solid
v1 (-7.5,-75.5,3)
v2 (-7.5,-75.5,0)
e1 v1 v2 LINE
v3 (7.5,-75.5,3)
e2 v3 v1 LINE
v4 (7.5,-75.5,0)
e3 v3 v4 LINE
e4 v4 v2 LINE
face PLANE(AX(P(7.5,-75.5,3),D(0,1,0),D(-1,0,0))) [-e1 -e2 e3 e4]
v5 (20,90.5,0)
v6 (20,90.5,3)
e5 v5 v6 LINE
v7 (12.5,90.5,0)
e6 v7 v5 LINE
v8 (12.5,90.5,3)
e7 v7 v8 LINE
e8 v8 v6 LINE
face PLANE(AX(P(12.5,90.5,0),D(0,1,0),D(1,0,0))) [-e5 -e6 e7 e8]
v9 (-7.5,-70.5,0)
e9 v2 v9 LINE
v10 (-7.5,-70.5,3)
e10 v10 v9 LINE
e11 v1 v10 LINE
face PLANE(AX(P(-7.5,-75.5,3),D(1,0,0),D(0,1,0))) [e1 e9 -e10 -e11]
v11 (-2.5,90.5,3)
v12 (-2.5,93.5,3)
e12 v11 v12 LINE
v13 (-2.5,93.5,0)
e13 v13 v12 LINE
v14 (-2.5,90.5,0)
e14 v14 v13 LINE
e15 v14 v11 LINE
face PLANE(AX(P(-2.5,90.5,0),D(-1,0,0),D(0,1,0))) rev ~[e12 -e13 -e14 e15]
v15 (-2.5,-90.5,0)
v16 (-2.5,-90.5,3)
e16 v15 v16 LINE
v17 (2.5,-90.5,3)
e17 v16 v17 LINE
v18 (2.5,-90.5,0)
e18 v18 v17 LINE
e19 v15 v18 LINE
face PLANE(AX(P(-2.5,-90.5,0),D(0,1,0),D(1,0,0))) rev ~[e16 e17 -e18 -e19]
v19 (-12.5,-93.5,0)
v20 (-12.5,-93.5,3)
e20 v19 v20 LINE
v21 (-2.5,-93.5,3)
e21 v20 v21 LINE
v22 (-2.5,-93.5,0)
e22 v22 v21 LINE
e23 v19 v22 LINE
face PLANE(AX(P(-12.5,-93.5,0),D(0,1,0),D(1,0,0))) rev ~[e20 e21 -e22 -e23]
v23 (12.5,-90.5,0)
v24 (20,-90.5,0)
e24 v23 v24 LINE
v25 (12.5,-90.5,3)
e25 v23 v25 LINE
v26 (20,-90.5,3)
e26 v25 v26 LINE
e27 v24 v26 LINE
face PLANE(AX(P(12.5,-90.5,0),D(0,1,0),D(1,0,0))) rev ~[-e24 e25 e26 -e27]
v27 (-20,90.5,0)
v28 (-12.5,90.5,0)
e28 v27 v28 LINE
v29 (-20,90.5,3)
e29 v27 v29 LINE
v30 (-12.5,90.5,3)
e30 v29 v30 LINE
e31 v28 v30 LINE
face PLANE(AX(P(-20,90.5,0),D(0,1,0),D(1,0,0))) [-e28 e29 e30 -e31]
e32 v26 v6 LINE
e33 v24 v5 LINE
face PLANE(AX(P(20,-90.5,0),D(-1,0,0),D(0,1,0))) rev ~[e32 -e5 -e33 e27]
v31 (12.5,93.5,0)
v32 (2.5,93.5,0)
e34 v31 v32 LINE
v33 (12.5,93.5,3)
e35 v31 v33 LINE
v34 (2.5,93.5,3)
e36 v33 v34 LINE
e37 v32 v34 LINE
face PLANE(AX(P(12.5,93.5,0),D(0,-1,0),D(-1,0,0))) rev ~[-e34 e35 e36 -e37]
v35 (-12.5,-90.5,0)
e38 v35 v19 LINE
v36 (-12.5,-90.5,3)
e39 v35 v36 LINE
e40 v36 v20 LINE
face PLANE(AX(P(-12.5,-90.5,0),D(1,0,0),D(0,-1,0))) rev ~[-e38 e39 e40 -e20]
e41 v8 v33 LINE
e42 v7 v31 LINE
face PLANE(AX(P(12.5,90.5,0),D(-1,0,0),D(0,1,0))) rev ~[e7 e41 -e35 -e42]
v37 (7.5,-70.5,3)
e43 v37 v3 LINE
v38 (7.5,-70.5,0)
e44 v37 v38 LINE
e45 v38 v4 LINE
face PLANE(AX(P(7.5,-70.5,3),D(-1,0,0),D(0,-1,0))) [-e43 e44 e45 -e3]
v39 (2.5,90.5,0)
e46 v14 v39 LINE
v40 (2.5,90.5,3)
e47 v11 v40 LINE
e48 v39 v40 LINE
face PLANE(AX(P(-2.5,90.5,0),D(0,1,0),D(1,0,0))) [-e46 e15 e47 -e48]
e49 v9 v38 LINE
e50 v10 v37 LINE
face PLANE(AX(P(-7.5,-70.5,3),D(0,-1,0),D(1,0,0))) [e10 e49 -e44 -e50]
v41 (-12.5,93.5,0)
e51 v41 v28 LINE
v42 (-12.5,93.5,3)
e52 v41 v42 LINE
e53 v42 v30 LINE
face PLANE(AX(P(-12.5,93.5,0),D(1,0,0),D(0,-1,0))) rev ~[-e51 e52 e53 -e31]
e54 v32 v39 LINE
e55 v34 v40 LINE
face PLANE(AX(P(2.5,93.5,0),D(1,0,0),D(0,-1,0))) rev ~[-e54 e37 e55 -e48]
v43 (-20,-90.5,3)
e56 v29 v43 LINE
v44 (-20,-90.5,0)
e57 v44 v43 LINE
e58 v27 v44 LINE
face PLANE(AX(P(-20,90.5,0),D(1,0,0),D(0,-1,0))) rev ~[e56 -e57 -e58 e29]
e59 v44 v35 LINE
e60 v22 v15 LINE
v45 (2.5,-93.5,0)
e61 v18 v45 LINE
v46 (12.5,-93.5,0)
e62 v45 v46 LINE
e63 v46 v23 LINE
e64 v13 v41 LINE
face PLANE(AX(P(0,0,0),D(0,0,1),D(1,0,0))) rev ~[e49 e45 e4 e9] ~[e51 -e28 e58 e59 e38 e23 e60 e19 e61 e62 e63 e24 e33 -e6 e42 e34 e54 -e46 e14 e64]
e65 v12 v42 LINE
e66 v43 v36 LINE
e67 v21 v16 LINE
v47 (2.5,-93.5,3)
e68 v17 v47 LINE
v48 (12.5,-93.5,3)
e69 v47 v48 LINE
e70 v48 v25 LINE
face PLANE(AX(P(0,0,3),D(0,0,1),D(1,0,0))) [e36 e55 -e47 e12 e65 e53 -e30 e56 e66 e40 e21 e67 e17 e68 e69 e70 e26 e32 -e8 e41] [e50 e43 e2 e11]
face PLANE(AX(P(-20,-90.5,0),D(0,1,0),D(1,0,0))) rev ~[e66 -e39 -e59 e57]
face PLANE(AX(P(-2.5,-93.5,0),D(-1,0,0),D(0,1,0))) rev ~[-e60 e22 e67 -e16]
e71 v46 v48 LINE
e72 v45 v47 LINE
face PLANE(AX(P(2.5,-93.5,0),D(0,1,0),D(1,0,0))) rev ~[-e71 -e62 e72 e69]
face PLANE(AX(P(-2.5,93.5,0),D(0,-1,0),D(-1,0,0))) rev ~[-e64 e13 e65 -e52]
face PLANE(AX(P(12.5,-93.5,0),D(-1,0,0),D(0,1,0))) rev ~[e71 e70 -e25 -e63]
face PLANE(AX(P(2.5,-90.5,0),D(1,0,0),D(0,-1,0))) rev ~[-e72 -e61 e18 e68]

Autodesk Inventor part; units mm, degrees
ref_plane "YZ Plane" through (0, 0, 0) normal (1, 0, 0) x (0, 1, 0)
ref_plane "XZ Plane" through (0, 0, 0) normal (0, 1, 0) x (-1, 0, 0)
ref_plane "XY Plane" through (0, 0, 0) normal (0, 0, 1) x (1, 0, 0)
sketch "Sketch1" plane through (0, 0, 0) normal (0, 0, 1) x (1, 0, 0)
  line L0 (20, -90.5) -> (20, 90.5)
  line L1 (-20, 90.5) -> (-20, -90.5)
  line L2 (-20, -90.5) -> (20, 90.5) construction
  line L3 (20, -90.5) -> (-20, 90.5) construction
  line L4 (-2.5, 90.5) -> (-2.5, 93.5)
  line L5 (-2.5, 93.5) -> (-12.5, 93.5)
  line L6 (-12.5, 93.5) -> (-12.5, 90.5)
  line L7 (12.5, 90.5) -> (12.5, 93.5)
  line L8 (12.5, 93.5) -> (2.5, 93.5)
  line L9 (2.5, 93.5) -> (2.5, 90.5)
  line L10 (12.5, 90.5) -> (20, 90.5)
  line L11 (-2.5, 90.5) -> (2.5, 90.5)
  line L12 (-20, 90.5) -> (-12.5, 90.5)
  line L13 (-20, -90.5) -> (-12.5, -90.5)
  line L14 (-12.5, -90.5) -> (-12.5, -93.5)
  line L15 (-12.5, -93.5) -> (-2.5, -93.5)
  line L16 (-2.5, -93.5) -> (-2.5, -90.5)
  line L17 (-2.5, -90.5) -> (2.5, -90.5)
  line L18 (2.5, -90.5) -> (2.5, -93.5)
  line L19 (2.5, -93.5) -> (12.5, -93.5)
  line L20 (12.5, -93.5) -> (12.5, -90.5)
  line L21 (12.5, -90.5) -> (20, -90.5)
  point P0 (0, 0)
  dimension "d0" = 40
  dimension "d1" = 181
  dimension "d2" = 10
  dimension "d3" = 3
  dimension "d4" = 7.5
  dimension "d5" = 10
  dimension "d6" = 3
  dimension "d7" = 5
  dimension "d8" = 7.5
  dimension "d9" = 3
  dimension "d10" = 10
  dimension "d11" = 5
  dimension "d12" = 3
  dimension "d13" = 10
  dimension "d14" = 3
  dimension "d15" = 12.462
  dimension "d16" = 90
  dimension "d17" = 0
extrude "Extrusion1" add sketch "Sketch1" along normal blind 3
sketch "Sketch2" plane through (0, 0, 3) normal (0, 0, 1) x (1, 0, 0)
  line L0 (-7.5, -70.5) -> (7.5, -70.5)
  line L1 (7.5, -70.5) -> (7.5, -75.5)
  line L2 (7.5, -75.5) -> (-7.5, -75.5)
  line L3 (-7.5, -75.5) -> (-7.5, -70.5)
  line L4 (-7.5, -70.5) -> (7.5, -75.5) construction
  line L5 (7.5, -70.5) -> (-7.5, -75.5) construction
  line L6 (-2.5, -90.5) -> (2.5, -90.5) projected
  line L7 (-20, 90.5) -> (-20, -90.5) projected
  point P0 (0, 0)
  point P1 (0, -73)
  dimension "d20" = 15
  dimension "d21" = 5
  dimension "d22" = 15
  dimension "d23" = 12.5
extrude "Extrusion2" cut sketch "Sketch2" against normal blind 10
equation "\"BendRadius\" = Thickness"
equation "\"BendReliefWidth\" = Thickness"
equation "\"BendReliefDepth\" = 0.5 * Thickness"
equation "\"CornerReliefSize\" = 4 * Thickness"
equation "\"MinimumRemnant\" = 2 * Thickness"
equation "\"TransitionRadius\" = BendRadius"
equation "\"JacobiRadiusSize\" = BendRadius"
equation "\"GapSize\" = Thickness"
equation "\"Thickness\" = 0.5"
properties part number "4 binnen dikke cover plaat"
